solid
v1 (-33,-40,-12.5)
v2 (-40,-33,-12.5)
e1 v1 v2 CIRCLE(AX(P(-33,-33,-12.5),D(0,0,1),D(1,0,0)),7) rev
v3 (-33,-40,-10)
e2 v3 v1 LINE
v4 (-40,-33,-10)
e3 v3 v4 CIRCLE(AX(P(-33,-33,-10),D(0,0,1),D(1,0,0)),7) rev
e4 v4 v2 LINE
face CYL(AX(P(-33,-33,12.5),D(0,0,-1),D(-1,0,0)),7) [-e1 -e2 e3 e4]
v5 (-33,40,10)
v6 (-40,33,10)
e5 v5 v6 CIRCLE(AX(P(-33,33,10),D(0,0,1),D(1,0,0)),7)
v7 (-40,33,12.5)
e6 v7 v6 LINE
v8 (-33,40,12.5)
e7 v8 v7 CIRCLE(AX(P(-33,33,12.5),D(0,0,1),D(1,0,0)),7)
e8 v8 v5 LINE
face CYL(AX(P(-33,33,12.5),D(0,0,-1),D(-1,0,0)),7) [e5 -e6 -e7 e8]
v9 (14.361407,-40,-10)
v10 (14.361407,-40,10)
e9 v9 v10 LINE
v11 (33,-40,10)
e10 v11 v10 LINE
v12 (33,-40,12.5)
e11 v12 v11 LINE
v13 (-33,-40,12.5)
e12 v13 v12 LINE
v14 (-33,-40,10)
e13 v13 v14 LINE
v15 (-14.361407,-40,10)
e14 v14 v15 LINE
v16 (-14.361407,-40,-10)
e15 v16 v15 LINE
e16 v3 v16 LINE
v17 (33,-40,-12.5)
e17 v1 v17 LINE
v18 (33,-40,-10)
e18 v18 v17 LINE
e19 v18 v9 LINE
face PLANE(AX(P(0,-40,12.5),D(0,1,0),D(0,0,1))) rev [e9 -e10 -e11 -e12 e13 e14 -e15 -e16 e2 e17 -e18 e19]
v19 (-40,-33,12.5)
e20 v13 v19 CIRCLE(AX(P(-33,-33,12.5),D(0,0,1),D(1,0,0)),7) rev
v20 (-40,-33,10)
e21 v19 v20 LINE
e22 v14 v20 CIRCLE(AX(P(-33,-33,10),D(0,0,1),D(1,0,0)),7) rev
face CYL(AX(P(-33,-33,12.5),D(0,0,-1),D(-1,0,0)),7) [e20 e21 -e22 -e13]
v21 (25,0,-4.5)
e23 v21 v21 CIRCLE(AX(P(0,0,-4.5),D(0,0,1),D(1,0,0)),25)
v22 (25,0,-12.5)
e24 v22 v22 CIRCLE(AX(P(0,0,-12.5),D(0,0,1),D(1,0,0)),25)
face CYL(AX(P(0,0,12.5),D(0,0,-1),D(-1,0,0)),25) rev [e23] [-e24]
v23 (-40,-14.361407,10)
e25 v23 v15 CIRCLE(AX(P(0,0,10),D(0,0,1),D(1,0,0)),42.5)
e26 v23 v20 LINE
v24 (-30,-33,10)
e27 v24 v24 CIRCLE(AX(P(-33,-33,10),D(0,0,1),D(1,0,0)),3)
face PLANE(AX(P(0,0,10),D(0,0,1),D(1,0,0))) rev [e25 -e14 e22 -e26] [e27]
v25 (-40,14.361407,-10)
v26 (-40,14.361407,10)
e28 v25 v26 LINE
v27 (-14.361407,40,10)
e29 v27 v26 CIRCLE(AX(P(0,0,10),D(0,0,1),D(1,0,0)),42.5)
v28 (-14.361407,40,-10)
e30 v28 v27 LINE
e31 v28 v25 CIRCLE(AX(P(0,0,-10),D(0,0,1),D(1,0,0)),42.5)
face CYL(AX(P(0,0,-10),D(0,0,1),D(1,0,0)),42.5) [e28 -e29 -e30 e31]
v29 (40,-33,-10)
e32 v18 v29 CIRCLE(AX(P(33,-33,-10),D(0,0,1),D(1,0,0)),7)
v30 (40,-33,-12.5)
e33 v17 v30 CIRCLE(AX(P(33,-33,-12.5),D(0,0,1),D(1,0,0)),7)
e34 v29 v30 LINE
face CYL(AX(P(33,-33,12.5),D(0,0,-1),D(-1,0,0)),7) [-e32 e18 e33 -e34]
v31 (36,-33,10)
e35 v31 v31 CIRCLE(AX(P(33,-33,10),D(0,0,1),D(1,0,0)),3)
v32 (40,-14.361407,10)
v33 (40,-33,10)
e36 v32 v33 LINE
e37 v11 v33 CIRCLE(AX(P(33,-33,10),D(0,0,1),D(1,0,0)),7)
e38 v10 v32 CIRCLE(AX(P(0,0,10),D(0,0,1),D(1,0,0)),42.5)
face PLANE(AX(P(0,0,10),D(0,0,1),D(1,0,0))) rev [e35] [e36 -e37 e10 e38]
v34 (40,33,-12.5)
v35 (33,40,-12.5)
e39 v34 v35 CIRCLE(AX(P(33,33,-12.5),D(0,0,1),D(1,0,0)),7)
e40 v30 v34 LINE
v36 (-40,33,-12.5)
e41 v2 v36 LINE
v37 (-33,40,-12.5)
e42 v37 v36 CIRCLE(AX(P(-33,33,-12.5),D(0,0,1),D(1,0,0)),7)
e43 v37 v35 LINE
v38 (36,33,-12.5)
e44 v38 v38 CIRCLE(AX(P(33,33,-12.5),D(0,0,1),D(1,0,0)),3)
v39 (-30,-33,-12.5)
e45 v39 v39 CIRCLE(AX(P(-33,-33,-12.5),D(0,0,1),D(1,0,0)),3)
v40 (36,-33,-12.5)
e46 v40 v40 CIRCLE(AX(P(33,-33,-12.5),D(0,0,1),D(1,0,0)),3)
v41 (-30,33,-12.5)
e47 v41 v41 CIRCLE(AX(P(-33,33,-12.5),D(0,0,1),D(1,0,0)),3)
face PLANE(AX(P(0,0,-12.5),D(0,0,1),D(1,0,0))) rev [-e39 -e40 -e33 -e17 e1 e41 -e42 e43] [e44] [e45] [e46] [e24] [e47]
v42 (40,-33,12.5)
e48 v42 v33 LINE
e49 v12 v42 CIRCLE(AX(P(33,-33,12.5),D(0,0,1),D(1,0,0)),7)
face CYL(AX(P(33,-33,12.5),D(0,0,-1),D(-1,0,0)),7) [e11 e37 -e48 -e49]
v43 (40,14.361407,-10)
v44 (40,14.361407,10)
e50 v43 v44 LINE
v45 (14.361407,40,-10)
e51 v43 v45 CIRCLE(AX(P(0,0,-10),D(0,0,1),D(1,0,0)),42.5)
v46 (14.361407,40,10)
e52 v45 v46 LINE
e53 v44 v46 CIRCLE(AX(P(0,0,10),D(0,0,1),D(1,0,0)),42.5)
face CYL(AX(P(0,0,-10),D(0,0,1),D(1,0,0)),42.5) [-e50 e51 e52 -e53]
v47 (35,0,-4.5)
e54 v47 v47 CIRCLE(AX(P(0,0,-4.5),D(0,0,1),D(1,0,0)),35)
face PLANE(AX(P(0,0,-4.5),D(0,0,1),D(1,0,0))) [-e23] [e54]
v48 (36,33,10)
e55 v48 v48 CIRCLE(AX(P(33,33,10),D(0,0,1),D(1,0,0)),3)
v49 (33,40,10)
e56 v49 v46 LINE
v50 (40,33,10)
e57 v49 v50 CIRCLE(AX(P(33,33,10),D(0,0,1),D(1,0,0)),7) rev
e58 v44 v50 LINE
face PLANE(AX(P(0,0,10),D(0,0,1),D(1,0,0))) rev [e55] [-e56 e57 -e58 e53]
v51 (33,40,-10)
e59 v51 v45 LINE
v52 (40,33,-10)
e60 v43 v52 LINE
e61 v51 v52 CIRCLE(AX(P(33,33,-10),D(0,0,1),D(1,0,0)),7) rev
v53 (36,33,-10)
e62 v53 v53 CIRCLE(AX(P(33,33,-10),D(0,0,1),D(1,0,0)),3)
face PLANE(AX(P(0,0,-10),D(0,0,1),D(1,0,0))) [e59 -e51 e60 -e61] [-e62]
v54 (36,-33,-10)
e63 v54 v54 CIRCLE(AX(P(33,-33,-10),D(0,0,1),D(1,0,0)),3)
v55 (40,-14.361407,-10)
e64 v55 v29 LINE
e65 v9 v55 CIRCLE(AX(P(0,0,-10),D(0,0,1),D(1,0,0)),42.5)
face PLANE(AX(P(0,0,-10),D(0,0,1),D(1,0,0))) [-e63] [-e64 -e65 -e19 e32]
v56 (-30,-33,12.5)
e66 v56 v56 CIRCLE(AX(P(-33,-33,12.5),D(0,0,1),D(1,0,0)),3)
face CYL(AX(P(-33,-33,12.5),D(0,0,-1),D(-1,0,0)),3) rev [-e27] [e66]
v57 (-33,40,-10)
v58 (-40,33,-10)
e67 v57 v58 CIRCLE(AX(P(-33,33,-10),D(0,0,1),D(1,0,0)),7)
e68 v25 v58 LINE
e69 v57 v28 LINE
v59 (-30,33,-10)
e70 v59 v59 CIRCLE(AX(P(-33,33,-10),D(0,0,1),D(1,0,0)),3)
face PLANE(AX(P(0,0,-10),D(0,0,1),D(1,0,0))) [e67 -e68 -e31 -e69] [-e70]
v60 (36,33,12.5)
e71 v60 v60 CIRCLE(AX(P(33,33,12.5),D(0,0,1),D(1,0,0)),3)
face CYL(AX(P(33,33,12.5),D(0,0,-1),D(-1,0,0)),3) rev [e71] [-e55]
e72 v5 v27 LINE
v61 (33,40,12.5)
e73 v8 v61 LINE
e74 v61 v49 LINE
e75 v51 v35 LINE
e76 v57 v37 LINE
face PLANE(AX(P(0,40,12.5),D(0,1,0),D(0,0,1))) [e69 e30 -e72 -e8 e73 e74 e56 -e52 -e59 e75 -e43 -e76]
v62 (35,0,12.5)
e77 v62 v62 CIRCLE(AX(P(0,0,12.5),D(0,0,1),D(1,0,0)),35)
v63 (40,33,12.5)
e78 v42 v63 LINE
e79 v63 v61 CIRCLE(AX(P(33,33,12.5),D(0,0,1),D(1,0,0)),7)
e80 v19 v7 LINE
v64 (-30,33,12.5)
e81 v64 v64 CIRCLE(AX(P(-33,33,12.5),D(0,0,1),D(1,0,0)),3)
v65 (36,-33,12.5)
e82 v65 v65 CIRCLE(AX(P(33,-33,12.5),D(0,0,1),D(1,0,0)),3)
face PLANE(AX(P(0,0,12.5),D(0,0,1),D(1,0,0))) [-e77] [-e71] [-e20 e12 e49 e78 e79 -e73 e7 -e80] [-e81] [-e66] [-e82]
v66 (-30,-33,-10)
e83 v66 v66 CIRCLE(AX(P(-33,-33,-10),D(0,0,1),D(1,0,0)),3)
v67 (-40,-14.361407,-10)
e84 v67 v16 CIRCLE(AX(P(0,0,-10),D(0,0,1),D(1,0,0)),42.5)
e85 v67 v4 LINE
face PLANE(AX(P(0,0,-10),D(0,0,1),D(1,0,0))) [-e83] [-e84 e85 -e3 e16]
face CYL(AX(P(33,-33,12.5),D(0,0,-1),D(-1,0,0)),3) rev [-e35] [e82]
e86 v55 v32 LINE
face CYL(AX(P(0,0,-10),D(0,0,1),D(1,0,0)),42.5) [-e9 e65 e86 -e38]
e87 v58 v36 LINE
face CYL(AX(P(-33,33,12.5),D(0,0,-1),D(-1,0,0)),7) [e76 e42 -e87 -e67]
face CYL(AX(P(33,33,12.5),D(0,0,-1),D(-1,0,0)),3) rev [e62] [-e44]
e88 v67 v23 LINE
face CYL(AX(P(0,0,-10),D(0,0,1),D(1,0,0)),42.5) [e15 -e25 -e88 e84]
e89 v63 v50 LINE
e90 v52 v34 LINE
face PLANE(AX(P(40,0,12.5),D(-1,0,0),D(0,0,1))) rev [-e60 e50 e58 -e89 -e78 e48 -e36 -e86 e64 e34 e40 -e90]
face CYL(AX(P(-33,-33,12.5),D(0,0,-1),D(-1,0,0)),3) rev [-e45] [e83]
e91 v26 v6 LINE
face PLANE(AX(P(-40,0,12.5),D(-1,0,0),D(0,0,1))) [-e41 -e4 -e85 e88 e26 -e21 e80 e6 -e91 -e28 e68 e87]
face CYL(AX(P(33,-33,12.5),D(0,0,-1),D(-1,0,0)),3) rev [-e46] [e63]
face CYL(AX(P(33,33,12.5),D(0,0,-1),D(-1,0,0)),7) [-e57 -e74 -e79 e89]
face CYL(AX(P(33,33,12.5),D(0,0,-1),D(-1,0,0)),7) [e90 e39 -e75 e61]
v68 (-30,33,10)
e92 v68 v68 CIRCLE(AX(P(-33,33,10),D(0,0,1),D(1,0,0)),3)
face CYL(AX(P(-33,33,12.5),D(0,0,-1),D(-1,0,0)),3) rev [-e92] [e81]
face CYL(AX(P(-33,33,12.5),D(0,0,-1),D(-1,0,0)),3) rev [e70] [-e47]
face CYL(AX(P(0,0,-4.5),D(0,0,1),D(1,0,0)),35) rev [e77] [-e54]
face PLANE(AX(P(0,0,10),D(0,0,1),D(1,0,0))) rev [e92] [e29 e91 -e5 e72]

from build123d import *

# Parameters (mm, degrees)
SKETCH1_R           = 25
SKETCH1_R_2         = 3
BOSS_EXTRUDE1_DEPTH = 12.5
CUT_EXTRUDE2_DEPTH  = 10
CUT_EXTRUDE3_START  = -4.5
SKETCH2_4_R         = 35
SKETCH2_4_R_2       = 25
CUT_EXTRUDE3_DEPTH  = 17


with BuildPart() as part:
    # Sketch1 → Boss-Extrude1 (new, symmetric)
    with BuildSketch(Plane.XY):
        with BuildLine():
            Line((-33, -40), (33, -40))
            ThreePointArc((33, -40), (37.949747468, -37.949747468), (40, -33))
            Line((40, -33), (40, 33))
            ThreePointArc((40, 33), (37.949747468, 37.949747468), (33, 40))
            Line((33, 40), (-33, 40))
            ThreePointArc((-33, 40), (-37.949747468, 37.949747468), (-40, 33))
            Line((-40, 33), (-40, -33))
            ThreePointArc((-40, -33), (-37.949747468, -37.949747468), (-33, -40))
        make_face()
        Circle(SKETCH1_R, mode=Mode.SUBTRACT)
        with Locations((-33, 33)):
            Circle(SKETCH1_R_2, mode=Mode.SUBTRACT)
        with Locations((33, 33)):
            Circle(SKETCH1_R_2, mode=Mode.SUBTRACT)
        with Locations((-33, -33)):
            Circle(SKETCH1_R_2, mode=Mode.SUBTRACT)
        with Locations((33, -33)):
            Circle(SKETCH1_R_2, mode=Mode.SUBTRACT)
    extrude(amount=BOSS_EXTRUDE1_DEPTH, both=True)

    # Sketch2 → Cut-Extrude2 (cut, symmetric)
    with BuildSketch(Plane.XY):
        with BuildLine():
            Line((-40, 33), (-40, 14.361406616))
            ThreePointArc((-40, 14.361406616), (-30.0520382, 30.0520382), (-14.361406616, 40))
            Line((-14.361406616, 40), (-33, 40))
            ThreePointArc((-33, 40), (-37.949747468, 37.949747468), (-40, 33))
        make_face()
        with BuildLine():
            Line((33, 40), (14.361406616, 40))
            ThreePointArc((14.361406616, 40), (30.0520382, 30.0520382), (40, 14.361406616))
            Line((40, 14.361406616), (40, 33))
            ThreePointArc((40, 33), (37.949747468, 37.949747468), (33, 40))
        make_face()
        with BuildLine():
            ThreePointArc((40, -14.361406616), (30.0520382, -30.0520382), (14.361406616, -40))
            Line((14.361406616, -40), (33, -40))
            ThreePointArc((33, -40), (37.949747468, -37.949747468), (40, -33))
            Line((40, -33), (40, -14.361406616))
        make_face()
        with BuildLine():
            ThreePointArc((-14.361406616, -40), (-30.0520382, -30.0520382), (-40, -14.361406616))
            Line((-40, -14.361406616), (-40, -33))
            ThreePointArc((-40, -33), (-37.949747468, -37.949747468), (-33, -40))
            Line((-33, -40), (-14.361406616, -40))
        make_face()
    extrude(amount=CUT_EXTRUDE2_DEPTH, both=True, mode=Mode.SUBTRACT)

    # Sketch2<4> → Cut-Extrude3 (cut)
    with BuildSketch(Plane.XY.offset(CUT_EXTRUDE3_START)):
        Circle(SKETCH2_4_R)
        Circle(SKETCH2_4_R_2, mode=Mode.SUBTRACT)
    extrude(amount=CUT_EXTRUDE3_DEPTH, mode=Mode.SUBTRACT)


solid = part.part
